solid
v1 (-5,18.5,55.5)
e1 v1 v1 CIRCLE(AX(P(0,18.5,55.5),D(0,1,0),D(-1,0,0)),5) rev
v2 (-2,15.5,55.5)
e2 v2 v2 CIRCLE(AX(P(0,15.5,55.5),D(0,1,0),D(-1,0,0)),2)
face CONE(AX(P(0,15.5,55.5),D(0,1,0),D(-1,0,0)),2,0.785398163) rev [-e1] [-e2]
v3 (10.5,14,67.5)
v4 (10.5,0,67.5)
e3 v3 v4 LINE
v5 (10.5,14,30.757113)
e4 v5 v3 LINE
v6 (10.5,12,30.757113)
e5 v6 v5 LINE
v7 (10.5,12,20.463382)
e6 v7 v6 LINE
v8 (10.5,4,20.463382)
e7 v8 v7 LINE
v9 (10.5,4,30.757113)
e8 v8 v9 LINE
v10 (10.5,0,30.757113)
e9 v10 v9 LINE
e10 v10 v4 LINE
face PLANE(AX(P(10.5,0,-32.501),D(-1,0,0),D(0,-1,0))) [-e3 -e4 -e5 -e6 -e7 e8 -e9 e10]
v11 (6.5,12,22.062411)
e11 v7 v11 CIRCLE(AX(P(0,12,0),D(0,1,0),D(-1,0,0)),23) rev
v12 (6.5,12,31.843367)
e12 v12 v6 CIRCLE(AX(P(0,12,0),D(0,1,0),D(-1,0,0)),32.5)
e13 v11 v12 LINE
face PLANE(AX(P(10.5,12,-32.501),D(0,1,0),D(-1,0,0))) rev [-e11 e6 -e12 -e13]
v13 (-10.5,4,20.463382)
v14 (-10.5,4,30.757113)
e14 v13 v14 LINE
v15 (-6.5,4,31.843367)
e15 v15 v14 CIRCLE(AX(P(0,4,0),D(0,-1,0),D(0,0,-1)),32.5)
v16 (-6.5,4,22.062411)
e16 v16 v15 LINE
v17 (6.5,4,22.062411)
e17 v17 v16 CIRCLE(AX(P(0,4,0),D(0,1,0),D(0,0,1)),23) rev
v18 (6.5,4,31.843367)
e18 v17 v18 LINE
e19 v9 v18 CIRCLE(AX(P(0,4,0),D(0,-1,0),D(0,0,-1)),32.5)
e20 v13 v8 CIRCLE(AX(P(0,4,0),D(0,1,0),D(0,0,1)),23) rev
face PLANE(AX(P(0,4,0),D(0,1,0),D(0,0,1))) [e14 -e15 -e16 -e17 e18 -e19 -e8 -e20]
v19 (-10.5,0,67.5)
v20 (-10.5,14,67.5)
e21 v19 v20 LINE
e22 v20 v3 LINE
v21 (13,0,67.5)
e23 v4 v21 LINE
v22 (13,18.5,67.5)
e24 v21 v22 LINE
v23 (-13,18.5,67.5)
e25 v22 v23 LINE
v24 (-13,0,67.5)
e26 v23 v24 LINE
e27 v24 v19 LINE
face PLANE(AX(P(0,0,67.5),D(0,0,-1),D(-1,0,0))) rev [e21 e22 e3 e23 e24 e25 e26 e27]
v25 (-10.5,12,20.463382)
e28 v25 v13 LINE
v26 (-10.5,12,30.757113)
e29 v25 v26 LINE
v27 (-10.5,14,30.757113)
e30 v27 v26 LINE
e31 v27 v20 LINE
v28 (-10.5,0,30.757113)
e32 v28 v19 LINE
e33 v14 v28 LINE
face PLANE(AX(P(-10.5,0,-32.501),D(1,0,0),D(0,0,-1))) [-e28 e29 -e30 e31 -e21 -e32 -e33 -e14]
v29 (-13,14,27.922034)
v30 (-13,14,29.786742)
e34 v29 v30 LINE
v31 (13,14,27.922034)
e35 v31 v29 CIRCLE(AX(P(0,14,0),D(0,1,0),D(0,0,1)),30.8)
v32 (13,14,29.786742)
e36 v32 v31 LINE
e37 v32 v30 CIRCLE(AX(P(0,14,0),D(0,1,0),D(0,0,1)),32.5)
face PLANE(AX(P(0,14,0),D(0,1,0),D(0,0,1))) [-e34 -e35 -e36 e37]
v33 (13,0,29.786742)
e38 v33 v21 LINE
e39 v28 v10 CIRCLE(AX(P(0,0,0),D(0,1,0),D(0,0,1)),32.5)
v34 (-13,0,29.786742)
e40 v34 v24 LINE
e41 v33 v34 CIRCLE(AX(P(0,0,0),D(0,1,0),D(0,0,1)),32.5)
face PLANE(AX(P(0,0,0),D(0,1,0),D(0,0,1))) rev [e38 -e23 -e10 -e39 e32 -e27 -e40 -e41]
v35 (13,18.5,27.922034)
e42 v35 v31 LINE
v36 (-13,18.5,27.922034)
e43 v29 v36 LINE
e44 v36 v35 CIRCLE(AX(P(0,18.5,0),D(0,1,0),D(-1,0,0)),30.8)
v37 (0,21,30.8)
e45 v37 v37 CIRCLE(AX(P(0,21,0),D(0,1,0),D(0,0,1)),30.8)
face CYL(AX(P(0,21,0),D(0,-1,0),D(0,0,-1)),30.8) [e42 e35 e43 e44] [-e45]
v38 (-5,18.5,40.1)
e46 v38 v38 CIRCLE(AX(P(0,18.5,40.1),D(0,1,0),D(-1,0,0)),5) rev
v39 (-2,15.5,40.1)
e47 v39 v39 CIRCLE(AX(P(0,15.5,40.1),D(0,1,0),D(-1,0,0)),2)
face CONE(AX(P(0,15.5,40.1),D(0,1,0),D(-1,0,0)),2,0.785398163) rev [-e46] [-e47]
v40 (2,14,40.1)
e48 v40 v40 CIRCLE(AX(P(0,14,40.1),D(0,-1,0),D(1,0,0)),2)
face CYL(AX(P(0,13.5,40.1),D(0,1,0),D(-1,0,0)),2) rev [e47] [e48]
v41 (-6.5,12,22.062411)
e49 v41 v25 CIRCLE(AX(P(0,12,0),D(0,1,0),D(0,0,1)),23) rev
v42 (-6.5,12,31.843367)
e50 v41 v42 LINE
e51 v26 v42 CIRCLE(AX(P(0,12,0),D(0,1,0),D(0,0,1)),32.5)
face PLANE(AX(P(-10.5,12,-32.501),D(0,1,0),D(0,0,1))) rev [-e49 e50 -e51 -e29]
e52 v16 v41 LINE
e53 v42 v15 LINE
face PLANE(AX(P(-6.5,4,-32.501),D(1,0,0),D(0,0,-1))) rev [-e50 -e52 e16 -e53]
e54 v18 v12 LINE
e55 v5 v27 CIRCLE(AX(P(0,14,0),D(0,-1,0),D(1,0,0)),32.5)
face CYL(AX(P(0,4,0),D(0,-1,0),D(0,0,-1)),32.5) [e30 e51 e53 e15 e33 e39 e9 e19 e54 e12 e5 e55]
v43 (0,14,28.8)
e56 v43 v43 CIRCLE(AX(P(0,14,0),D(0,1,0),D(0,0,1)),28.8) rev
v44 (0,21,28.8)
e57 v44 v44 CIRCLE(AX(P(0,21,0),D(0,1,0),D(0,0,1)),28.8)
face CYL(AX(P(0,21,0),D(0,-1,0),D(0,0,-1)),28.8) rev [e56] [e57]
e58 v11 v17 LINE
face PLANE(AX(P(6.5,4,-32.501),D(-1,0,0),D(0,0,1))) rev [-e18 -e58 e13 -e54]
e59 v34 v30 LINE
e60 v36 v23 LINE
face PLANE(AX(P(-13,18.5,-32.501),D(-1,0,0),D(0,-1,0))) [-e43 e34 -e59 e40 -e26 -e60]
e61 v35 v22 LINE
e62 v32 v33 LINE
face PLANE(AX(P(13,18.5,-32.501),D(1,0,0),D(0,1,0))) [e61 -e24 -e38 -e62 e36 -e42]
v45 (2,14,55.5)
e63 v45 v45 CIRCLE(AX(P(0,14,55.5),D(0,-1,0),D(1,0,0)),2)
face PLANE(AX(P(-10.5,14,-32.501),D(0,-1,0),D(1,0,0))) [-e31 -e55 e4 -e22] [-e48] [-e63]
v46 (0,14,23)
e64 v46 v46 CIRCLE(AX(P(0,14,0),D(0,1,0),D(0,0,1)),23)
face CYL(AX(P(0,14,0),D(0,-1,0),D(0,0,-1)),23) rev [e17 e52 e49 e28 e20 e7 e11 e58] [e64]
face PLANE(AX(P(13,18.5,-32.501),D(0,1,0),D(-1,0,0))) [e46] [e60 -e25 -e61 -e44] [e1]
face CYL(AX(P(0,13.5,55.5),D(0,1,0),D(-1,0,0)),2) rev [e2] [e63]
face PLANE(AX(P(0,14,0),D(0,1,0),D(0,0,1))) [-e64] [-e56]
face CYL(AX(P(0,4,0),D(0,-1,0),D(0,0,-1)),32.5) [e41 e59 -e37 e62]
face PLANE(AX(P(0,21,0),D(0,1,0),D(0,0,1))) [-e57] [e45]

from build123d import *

# Parameters (mm, degrees)
ESQUISSE1_R                    = 32.5
BOSS_EXTRU_1_DEPTH             = 4
ESQUISSE2_R                    = 32.5
ESQUISSE2_R_2                  = 23
BOSS_EXTRU_2_DEPTH             = 10
ESQUISSE4_R                    = 30.8
ESQUISSE4_R_2                  = 28.8
BOSS_EXTRU_4_DEPTH             = 7
BOSS_EXTRU_5_DEPTH             = 35
BOSS_EXTRU_5_DIRECTION_2_REACH = 67
ESQUISSE6_R                    = 2
ENL_V_MAT_EXTRU_1_DEPTH        = 5
CHANFREIN1_SIZE                = 3
ENL_V_MAT_EXTRU_2_REACH        = 67
ESQUISSE8_W                    = 4
ESQUISSE8_H                    = 8


with BuildPart() as part:
    # Esquisse1 → Boss.-Extru.1 (new body)
    with BuildSketch(Plane(origin=(0, 0, 0), x_dir=(1, 0, 0), z_dir=(0, 1, 0))):
        Circle(ESQUISSE1_R)
    extrude(amount=BOSS_EXTRU_1_DEPTH)

    # Esquisse2 → Boss.-Extru.2 (add)
    with BuildSketch(Plane(origin=(0, 4, 0), x_dir=(1, 0, 0), z_dir=(0, 1, 0))):
        Circle(ESQUISSE2_R)
        Circle(ESQUISSE2_R_2, mode=Mode.SUBTRACT)
    extrude(amount=BOSS_EXTRU_2_DEPTH)

    # Esquisse4 → Boss.-Extru.4 (add)
    with BuildSketch(Plane(origin=(0, 14, 0), x_dir=(1, 0, 0), z_dir=(0, 1, 0))):
        Circle(ESQUISSE4_R)
        Circle(ESQUISSE4_R_2, mode=Mode.SUBTRACT)
    extrude(amount=BOSS_EXTRU_4_DEPTH)

    # Esquisse5 → Boss.-Extru.5 (add)
    with BuildSketch(Plane.XY.offset(32.5)):
        Polygon((13, 18.5), (-13, 18.5), (-13, 0), (-10.5, 0), (-10.5, 14), (10.5, 14), (10.5, 0), (13, 0), align=None)
    extrude(amount=BOSS_EXTRU_5_DEPTH)

    # Esquisse5 → Boss.-Extru.5 direction 2 (add, up to next)
    with BuildSketch(Plane.XY.offset(32.5), mode=Mode.PRIVATE) as boss_extru_5_direction_2_sk1:
        Polygon((13, 18.5), (-13, 18.5), (-13, 0), (-10.5, 0), (-10.5, 14), (10.5, 14), (10.5, 0), (13, 0), align=None)
    boss_extru_5_direction_2_tool1 = extrude(boss_extru_5_direction_2_sk1.sketch, amount=-BOSS_EXTRU_5_DIRECTION_2_REACH, mode=Mode.PRIVATE) - part.part
    add(boss_extru_5_direction_2_tool1.solids().sort_by_distance((0, 18.1809, 32.5))[0])

    # Esquisse6 → Enlèv. mat.-Extru.1 (cut)
    with BuildSketch(Plane(origin=(0, 18.5, 0), x_dir=(1, 0, 0), z_dir=(0, 1, 0))):
        with Locations((0, -55.5)):
            Circle(ESQUISSE6_R)
        with Locations((0, -40.1)):
            Circle(ESQUISSE6_R)
    extrude(amount=-ENL_V_MAT_EXTRU_1_DEPTH, mode=Mode.SUBTRACT)

    # Chanfrein1
    chanfrein1_edges = [part.edges().sort_by_distance(p)[0] for p in [
        (-2, 18.5, 55.5),
        (-2, 18.5, 40.1),
    ]]
    chamfer(chanfrein1_edges, length=CHANFREIN1_SIZE)

    # Esquisse8 → Enlèv. mat.-Extru.2 (cut, up to next)
    with BuildSketch(Plane.XY.offset(32.5), mode=Mode.PRIVATE) as enl_v_mat_extru_2_sk1:
        with Locations((-8.5, 8)):
            Rectangle(ESQUISSE8_W, ESQUISSE8_H)
    enl_v_mat_extru_2_tool1 = extrude(enl_v_mat_extru_2_sk1.sketch, amount=-ENL_V_MAT_EXTRU_2_REACH, mode=Mode.PRIVATE) & part.part
    add(enl_v_mat_extru_2_tool1.solids().sort_by_distance((-8.5, 8, 32.5))[0], mode=Mode.SUBTRACT)
    # Esquisse8 → Enlèv. mat.-Extru.2 (cut, up to next)
    with BuildSketch(Plane.XY.offset(32.5), mode=Mode.PRIVATE) as enl_v_mat_extru_2_sk2:
        with Locations((8.5, 8)):
            Rectangle(ESQUISSE8_W, ESQUISSE8_H)
    enl_v_mat_extru_2_tool2 = extrude(enl_v_mat_extru_2_sk2.sketch, amount=-ENL_V_MAT_EXTRU_2_REACH, mode=Mode.PRIVATE) & part.part
    add(enl_v_mat_extru_2_tool2.solids().sort_by_distance((8.5, 8, 32.5))[0], mode=Mode.SUBTRACT)


solid = part.part
